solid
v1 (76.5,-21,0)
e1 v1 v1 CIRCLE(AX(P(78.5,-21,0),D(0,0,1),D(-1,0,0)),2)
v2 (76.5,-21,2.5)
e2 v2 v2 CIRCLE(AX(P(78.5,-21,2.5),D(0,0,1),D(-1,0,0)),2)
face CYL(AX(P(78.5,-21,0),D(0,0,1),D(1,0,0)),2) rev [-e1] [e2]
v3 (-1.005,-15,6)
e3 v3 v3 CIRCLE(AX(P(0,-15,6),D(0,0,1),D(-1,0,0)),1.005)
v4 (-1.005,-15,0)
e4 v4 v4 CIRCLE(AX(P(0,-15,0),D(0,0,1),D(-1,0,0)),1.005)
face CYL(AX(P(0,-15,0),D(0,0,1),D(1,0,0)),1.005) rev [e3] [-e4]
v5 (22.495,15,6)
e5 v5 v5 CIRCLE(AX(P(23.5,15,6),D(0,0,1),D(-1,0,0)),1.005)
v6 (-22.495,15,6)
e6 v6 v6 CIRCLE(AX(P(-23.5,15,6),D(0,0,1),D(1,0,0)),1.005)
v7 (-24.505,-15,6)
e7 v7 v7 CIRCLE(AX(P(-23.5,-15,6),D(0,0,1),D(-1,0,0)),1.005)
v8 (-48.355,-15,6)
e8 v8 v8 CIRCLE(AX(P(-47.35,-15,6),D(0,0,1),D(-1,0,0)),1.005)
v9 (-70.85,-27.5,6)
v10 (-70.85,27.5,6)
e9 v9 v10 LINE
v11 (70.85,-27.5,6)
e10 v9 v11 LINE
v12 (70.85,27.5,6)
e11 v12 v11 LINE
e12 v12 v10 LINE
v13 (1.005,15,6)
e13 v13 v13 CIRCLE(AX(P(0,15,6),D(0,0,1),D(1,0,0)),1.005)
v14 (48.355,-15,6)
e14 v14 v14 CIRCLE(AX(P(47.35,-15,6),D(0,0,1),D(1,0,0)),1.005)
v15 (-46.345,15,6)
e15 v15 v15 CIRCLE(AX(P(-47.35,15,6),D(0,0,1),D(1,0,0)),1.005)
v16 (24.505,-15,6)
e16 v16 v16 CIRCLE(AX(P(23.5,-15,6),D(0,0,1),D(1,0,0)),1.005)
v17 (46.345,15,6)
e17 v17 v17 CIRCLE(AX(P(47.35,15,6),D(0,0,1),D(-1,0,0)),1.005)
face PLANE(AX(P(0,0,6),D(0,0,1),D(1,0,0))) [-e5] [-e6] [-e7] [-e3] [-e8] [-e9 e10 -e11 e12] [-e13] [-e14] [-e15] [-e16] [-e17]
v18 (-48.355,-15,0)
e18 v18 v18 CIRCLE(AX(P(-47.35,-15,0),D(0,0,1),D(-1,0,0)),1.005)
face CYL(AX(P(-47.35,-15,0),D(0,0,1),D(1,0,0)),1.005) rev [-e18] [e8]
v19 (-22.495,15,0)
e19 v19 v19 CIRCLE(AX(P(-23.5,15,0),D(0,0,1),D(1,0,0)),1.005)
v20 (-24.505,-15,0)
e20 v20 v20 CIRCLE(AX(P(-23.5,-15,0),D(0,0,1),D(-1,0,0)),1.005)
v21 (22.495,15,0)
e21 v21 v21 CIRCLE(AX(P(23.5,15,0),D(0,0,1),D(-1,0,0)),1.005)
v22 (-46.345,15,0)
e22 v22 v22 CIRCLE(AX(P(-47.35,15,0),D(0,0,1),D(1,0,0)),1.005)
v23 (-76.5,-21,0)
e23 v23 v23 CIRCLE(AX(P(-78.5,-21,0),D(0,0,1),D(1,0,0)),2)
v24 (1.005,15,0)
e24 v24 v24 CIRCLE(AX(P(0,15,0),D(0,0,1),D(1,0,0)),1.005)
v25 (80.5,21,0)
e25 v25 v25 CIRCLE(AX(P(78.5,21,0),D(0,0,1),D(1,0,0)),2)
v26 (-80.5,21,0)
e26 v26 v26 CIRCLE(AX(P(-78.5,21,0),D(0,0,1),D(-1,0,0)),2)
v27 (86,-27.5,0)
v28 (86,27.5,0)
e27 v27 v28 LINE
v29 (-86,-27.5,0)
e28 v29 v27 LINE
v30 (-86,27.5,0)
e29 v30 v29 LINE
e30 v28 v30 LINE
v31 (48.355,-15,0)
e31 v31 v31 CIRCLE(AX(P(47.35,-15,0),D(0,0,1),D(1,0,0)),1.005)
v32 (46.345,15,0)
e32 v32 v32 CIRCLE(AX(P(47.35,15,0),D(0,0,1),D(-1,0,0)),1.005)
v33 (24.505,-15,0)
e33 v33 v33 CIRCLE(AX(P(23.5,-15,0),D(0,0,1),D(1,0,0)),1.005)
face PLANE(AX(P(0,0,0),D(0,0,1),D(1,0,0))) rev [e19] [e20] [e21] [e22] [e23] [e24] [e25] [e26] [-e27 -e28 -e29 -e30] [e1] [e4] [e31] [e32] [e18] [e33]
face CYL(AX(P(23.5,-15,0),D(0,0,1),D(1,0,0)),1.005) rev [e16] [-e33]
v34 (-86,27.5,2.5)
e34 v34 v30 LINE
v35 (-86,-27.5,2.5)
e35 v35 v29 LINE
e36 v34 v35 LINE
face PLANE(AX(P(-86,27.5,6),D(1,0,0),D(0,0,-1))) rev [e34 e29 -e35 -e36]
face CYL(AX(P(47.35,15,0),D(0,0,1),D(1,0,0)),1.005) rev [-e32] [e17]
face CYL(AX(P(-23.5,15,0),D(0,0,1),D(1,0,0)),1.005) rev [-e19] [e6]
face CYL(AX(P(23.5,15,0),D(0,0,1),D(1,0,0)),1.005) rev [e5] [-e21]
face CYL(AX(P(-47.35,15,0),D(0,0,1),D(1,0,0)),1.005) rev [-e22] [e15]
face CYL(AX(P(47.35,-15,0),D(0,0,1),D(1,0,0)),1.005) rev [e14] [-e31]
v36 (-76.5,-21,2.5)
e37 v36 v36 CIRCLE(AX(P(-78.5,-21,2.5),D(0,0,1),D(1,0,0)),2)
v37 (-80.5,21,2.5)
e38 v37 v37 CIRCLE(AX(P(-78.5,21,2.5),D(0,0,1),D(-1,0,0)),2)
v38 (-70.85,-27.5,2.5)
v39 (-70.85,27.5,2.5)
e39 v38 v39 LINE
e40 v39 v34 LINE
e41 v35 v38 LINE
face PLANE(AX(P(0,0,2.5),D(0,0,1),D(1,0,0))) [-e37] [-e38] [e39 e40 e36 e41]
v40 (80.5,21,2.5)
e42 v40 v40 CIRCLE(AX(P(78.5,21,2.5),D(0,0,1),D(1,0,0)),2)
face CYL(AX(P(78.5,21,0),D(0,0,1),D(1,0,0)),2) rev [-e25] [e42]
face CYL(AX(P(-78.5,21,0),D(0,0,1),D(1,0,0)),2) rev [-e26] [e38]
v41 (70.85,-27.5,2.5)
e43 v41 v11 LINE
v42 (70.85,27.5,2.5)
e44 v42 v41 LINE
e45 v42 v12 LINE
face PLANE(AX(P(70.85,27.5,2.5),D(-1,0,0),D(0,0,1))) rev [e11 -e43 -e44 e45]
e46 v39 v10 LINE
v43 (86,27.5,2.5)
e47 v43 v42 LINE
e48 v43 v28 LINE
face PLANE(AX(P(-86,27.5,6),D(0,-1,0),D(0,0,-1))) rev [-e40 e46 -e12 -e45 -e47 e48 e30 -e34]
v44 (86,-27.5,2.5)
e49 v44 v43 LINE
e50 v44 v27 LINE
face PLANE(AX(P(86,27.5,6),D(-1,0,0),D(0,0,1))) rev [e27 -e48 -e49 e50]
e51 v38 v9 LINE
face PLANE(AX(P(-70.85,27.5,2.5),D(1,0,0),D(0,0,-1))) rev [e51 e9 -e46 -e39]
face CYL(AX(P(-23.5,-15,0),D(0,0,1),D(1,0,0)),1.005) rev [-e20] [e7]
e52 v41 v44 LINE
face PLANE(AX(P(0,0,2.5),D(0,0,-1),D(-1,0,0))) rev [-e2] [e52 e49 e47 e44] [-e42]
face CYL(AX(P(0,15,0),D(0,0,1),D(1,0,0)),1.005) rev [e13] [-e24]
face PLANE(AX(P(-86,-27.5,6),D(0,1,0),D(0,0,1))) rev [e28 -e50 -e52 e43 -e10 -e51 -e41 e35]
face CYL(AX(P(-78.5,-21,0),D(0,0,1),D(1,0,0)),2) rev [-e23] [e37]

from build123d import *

# Parameters (mm, degrees)
ESQUISSE1_W             = 172
ESQUISSE1_H             = 55
BOSS_EXTRU_1_DEPTH      = 6
ESQUISSE2_W             = 15.15
ESQUISSE2_H             = 55
ENL_V_MAT_EXTRU_1_DEPTH = 3.5
ESQUISSE3_R             = 2
ENL_V_MAT_EXTRU_2_DEPTH = 91.357622811
ESQUISSE4_R             = 1.005
ENL_V_MAT_EXTRU_3_DEPTH = 91.488949602


with BuildPart() as part:
    # Esquisse1 → Boss.-Extru.1 (new body)
    with BuildSketch(Plane.XY):
        Rectangle(ESQUISSE1_W, ESQUISSE1_H)
    extrude(amount=BOSS_EXTRU_1_DEPTH)

    # Esquisse2 → Enlèv. mat.-Extru.1 (cut)
    with BuildSketch(Plane.XY.offset(6)):
        with Locations((-78.425, 0)):
            Rectangle(ESQUISSE2_W, ESQUISSE2_H)
        with Locations((78.425, 0)):
            Rectangle(ESQUISSE2_W, ESQUISSE2_H)
    extrude(amount=-ENL_V_MAT_EXTRU_1_DEPTH, mode=Mode.SUBTRACT)

    # Esquisse3 → Enlèv. mat.-Extru.2 (cut, through all)
    with BuildSketch(Plane.XY.offset(2.5)):
        with Locations(Location((-78.5, 21, 0), (0, 0, 180))):
            Circle(ESQUISSE3_R)
        with Locations((-78.5, -21)):
            Circle(ESQUISSE3_R)
        with Locations(Location((78.5, -21, 0), (0, 0, 180))):
            Circle(ESQUISSE3_R)
        with Locations((78.5, 21)):
            Circle(ESQUISSE3_R)
    extrude(amount=-ENL_V_MAT_EXTRU_2_DEPTH, mode=Mode.SUBTRACT)

    # Esquisse4 → Enlèv. mat.-Extru.3 (cut, through all)
    with BuildSketch(Plane.XY.offset(6)):
        with Locations((-47.35, 15)):
            Circle(ESQUISSE4_R)
        with Locations((-23.5, 15)):
            Circle(ESQUISSE4_R)
        with Locations(Location((23.5, 15, 0), (0, 0, 180))):
            Circle(ESQUISSE4_R)
        with Locations(Location((47.35, 15, 0), (0, 0, 180))):
            Circle(ESQUISSE4_R)
        with Locations((47.35, -15)):
            Circle(ESQUISSE4_R)
        with Locations((23.5, -15)):
            Circle(ESQUISSE4_R)
        with Locations(Location((-23.5, -15, 0), (0, 0, 180))):
            Circle(ESQUISSE4_R)
        with Locations(Location((-47.35, -15, 0), (0, 0, 180))):
            Circle(ESQUISSE4_R)
        with Locations((0, 15)):
            Circle(ESQUISSE4_R)
        with Locations(Location((0, -15, 0), (0, 0, 180))):
            Circle(ESQUISSE4_R)
    extrude(amount=-ENL_V_MAT_EXTRU_3_DEPTH, mode=Mode.SUBTRACT)


solid = part.part
